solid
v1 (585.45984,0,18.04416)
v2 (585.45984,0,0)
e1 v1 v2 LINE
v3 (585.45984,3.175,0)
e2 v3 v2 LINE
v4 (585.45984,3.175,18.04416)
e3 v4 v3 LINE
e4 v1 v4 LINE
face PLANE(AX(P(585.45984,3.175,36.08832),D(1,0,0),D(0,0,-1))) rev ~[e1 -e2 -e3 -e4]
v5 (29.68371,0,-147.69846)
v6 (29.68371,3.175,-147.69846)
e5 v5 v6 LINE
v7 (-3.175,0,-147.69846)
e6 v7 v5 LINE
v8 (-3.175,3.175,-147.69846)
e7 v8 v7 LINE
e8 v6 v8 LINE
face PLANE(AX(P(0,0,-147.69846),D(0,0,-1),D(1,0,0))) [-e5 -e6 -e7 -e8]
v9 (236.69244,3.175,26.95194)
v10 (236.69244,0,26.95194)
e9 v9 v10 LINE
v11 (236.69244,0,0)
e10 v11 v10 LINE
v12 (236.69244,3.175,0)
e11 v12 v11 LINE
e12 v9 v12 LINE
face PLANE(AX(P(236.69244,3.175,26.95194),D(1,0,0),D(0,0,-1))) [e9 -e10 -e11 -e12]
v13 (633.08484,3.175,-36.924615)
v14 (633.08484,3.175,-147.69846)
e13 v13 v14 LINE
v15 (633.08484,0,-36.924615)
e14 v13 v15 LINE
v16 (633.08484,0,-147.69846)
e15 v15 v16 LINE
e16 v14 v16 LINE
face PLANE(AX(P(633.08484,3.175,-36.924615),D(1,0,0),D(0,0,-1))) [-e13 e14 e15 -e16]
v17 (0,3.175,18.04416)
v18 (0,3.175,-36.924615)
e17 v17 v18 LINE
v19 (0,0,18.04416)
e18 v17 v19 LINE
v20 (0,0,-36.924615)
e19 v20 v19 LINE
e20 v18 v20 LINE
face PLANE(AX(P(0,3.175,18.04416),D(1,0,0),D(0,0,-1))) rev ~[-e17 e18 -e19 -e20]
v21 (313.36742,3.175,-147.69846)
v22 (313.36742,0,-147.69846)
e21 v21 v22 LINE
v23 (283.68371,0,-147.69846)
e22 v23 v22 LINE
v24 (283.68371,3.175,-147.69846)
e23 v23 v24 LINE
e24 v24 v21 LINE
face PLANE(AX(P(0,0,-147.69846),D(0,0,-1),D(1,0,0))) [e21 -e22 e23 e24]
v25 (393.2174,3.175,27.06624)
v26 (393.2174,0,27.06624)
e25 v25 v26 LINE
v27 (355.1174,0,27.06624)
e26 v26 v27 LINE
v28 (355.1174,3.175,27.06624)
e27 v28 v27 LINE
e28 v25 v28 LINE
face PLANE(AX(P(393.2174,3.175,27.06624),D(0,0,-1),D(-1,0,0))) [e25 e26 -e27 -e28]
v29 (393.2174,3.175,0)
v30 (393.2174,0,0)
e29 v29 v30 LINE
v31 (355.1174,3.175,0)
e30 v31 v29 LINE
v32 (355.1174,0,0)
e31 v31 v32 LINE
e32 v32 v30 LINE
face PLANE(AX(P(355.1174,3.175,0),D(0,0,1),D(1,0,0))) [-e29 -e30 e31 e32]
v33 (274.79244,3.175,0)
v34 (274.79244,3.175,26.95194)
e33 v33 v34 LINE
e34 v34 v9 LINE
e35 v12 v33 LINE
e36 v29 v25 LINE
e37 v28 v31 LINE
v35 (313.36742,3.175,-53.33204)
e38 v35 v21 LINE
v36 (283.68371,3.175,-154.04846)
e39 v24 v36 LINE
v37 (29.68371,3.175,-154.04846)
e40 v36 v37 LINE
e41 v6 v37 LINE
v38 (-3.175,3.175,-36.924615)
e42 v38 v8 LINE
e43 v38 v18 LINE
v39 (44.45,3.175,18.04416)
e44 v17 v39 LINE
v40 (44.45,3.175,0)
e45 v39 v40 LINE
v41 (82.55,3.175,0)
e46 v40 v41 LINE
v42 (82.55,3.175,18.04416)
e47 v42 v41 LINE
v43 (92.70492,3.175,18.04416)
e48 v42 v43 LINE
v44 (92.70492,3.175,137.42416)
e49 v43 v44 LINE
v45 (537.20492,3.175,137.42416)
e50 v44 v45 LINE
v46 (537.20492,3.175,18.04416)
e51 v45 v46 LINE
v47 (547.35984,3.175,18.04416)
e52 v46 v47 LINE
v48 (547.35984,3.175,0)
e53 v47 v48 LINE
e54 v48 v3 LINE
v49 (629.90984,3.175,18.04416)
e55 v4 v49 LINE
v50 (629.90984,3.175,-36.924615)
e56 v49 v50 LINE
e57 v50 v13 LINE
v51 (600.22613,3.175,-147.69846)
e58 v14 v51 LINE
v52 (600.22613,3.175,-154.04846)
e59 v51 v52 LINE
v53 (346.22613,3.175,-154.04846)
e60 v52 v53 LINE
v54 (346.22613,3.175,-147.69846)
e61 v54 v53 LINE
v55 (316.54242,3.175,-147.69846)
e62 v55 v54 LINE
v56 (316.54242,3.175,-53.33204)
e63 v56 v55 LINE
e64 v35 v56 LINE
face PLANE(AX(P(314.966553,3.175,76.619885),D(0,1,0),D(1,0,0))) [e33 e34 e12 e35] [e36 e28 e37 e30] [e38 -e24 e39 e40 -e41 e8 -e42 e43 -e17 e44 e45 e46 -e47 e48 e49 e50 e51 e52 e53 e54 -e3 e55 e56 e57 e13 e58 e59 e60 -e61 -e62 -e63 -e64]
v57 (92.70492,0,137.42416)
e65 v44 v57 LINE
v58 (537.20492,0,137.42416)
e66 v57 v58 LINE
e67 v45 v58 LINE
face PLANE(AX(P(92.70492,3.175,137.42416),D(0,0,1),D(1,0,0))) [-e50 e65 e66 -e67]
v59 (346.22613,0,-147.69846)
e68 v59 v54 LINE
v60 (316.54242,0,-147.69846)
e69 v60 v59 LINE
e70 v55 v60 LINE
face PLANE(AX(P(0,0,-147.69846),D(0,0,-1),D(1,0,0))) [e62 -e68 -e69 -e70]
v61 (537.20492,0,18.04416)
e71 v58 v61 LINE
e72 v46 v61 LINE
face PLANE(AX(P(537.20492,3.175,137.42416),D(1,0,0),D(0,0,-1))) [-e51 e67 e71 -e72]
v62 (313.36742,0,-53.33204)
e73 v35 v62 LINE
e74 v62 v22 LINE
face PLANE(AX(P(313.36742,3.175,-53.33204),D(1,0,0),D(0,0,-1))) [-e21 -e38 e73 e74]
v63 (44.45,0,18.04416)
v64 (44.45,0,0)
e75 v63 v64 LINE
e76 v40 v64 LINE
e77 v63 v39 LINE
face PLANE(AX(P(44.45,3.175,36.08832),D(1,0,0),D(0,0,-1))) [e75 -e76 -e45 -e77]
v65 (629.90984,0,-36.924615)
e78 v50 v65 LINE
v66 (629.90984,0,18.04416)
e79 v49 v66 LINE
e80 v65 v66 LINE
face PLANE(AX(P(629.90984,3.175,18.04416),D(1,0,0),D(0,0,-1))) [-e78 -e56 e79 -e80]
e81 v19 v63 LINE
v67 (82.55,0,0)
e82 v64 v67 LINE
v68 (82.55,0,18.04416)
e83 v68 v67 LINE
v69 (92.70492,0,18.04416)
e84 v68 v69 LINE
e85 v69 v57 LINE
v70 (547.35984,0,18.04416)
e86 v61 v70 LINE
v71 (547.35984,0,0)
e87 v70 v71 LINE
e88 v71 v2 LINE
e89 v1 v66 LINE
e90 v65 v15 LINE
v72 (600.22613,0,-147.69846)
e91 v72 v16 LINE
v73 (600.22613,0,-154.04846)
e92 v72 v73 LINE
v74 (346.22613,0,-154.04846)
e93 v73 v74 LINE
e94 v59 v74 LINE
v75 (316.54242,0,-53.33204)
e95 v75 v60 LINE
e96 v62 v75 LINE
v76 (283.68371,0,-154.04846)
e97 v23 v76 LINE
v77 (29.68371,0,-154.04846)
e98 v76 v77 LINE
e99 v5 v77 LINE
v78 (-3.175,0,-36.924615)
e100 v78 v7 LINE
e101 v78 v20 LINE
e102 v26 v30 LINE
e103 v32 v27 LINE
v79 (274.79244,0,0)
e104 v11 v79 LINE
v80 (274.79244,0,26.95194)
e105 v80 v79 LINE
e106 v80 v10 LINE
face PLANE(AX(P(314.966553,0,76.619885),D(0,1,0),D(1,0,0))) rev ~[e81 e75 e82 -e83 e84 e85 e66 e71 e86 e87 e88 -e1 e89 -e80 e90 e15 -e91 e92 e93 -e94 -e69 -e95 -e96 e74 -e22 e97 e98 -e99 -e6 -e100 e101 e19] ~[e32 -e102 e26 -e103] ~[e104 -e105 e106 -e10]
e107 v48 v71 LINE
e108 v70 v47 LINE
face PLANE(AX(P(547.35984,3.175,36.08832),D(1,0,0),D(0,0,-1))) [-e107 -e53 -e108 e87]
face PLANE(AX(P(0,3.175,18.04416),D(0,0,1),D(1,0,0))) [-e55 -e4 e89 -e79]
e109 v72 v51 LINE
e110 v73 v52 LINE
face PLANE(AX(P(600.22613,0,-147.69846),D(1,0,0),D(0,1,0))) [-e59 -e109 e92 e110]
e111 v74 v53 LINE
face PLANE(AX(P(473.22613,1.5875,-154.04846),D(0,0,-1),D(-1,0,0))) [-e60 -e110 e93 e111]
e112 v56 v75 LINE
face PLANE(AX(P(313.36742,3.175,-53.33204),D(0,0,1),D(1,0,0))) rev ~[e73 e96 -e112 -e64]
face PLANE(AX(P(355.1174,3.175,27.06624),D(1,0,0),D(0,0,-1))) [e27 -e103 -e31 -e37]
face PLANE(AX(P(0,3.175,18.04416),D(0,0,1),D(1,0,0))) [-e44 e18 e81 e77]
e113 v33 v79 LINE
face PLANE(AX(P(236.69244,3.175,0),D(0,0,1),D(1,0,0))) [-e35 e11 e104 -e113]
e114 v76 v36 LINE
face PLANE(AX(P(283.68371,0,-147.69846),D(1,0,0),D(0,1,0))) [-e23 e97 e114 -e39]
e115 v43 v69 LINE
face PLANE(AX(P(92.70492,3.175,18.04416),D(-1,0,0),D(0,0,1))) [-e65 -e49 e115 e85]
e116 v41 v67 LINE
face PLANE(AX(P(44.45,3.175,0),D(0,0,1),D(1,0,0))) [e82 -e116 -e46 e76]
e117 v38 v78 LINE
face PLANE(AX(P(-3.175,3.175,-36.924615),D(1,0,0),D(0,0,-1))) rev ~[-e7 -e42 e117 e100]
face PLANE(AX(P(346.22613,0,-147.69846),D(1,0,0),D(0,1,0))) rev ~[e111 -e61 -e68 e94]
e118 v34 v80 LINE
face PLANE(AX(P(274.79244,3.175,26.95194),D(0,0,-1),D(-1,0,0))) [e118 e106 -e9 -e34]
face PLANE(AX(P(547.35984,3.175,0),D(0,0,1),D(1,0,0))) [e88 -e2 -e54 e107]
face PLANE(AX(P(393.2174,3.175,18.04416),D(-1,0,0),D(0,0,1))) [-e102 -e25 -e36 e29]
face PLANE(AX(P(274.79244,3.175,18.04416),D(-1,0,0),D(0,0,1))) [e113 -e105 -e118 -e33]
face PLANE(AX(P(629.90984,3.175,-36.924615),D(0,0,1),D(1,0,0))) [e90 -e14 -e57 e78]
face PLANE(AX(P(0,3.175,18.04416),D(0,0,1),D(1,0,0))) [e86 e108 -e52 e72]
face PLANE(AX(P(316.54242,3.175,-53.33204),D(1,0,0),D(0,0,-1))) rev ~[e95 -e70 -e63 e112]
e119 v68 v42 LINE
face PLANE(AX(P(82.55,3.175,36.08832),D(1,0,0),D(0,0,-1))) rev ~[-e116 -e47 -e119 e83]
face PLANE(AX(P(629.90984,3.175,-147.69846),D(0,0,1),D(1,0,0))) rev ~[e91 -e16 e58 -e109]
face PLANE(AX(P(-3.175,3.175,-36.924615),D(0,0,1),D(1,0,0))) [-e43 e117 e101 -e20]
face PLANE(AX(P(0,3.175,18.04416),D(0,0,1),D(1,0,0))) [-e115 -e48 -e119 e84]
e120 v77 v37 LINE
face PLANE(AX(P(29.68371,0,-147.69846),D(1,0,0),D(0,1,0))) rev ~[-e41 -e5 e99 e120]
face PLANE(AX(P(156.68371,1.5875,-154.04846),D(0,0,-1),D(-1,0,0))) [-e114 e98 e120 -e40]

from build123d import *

# Parameters (mm, degrees)
SKETCH1_W           = 629.90984
SKETCH1_H           = 147.69846
BOSS_EXTRUDE1_DEPTH = 3.175
SKETCH3_W           = 254
SKETCH3_H           = 3.175
BOSS_EXTRUDE2_DEPTH = 6.35
SKETCH4_W           = 3.175
SKETCH4_H           = 188.732840052
CUT_EXTRUDE1_DEPTH  = 3.175
SKETCH6_W           = 3.175
SKETCH6_H           = 110.773845
BOSS_EXTRUDE4_DEPTH = 3.175
SKETCH8_W           = 629.90984
SKETCH8_H           = 18.04416
BOSS_EXTRUDE5_DEPTH = 3.175
SKETCH10_W          = 38.1
SKETCH10_H          = 18.04416
SKETCH10_H_2        = 36.08832
CUT_EXTRUDE3_DEPTH  = 652.56536379
BOSS_EXTRUDE6_DEPTH = 3.175


with BuildPart() as part:
    # Sketch1 → Boss-Extrude1 (new body)
    with BuildSketch(Plane(origin=(0, 0, 0), x_dir=(1, 0, 0), z_dir=(0, 1, 0))):
        with Locations((314.95492, 73.84923)):
            Rectangle(SKETCH1_W, SKETCH1_H)
    extrude(amount=BOSS_EXTRUDE1_DEPTH)

    # Sketch3 → Boss-Extrude2 (add)
    with BuildSketch(Plane(origin=(0, 0, -147.69846), x_dir=(-1, 0, 0), z_dir=(0, 0, -1))):
        with Locations((-473.22613, 1.5875)):
            Rectangle(SKETCH3_W, SKETCH3_H)
        with Locations((-156.68371, 1.5875)):
            Rectangle(SKETCH3_W, SKETCH3_H)
    extrude(amount=BOSS_EXTRUDE2_DEPTH)

    # Sketch4 → Cut-Extrude1 (cut)
    with BuildSketch(Plane(origin=(0, 3.175, 0), x_dir=(1, 0, 0), z_dir=(0, 1, 0))):
        with Locations((314.95492, 147.69846)):
            Rectangle(SKETCH4_W, SKETCH4_H)
    extrude(amount=-CUT_EXTRUDE1_DEPTH, mode=Mode.SUBTRACT)

    # Sketch6 → Boss-Extrude4 (add)
    with BuildSketch(Plane(origin=(0, 3.175, 0), x_dir=(1, 0, 0), z_dir=(0, 1, 0))):
        with Locations((631.49734, 92.3115375)):
            Rectangle(SKETCH6_W, SKETCH6_H)
        with Locations((-1.5875, 92.3115375)):
            Rectangle(SKETCH6_W, SKETCH6_H)
    extrude(amount=-BOSS_EXTRUDE4_DEPTH)

    # Sketch8 → Boss-Extrude5 (add, through all)
    with BuildSketch(Plane(origin=(0, 3.175, 0), x_dir=(1, 0, 0), z_dir=(0, 1, 0))):
        with Locations((314.95492, -9.02208)):
            Rectangle(SKETCH8_W, SKETCH8_H)
    extrude(amount=-BOSS_EXTRUDE5_DEPTH)

    # Sketch10 → Cut-Extrude3 (cut, through all)
    with BuildSketch(Plane(origin=(0, 3.175, 0), x_dir=(1, 0, 0), z_dir=(0, 1, 0))):
        with Locations((374.1674, -9.02208)):
            Rectangle(SKETCH10_W, SKETCH10_H)
        with Locations((255.74244, -9.02208)):
            Rectangle(SKETCH10_W, SKETCH10_H)
        with Locations((566.40984, -18.04416)):
            Rectangle(SKETCH10_W, SKETCH10_H_2)
        with Locations((63.5, -18.04416)):
            Rectangle(SKETCH10_W, SKETCH10_H_2)
    extrude(amount=-CUT_EXTRUDE3_DEPTH, mode=Mode.SUBTRACT)

    # Sketch11 → Boss-Extrude6 (add, through all)
    with BuildSketch(Plane(origin=(0, 3.175, 0), x_dir=(1, 0, 0), z_dir=(0, 1, 0))):
        Polygon((92.70492, -18.04416), (92.70492, -137.42416), (537.20492, -137.42416), (537.20492, -18.04416), (393.2174, -18.04416), (393.2174, -27.06624), (355.1174, -27.06624), (355.1174, -18.04416), (274.79244, -18.04416), (274.79244, -26.95194), (236.69244, -26.95194), (236.69244, -18.04416), align=None)
    extrude(amount=-BOSS_EXTRUDE6_DEPTH)


solid = part.part
